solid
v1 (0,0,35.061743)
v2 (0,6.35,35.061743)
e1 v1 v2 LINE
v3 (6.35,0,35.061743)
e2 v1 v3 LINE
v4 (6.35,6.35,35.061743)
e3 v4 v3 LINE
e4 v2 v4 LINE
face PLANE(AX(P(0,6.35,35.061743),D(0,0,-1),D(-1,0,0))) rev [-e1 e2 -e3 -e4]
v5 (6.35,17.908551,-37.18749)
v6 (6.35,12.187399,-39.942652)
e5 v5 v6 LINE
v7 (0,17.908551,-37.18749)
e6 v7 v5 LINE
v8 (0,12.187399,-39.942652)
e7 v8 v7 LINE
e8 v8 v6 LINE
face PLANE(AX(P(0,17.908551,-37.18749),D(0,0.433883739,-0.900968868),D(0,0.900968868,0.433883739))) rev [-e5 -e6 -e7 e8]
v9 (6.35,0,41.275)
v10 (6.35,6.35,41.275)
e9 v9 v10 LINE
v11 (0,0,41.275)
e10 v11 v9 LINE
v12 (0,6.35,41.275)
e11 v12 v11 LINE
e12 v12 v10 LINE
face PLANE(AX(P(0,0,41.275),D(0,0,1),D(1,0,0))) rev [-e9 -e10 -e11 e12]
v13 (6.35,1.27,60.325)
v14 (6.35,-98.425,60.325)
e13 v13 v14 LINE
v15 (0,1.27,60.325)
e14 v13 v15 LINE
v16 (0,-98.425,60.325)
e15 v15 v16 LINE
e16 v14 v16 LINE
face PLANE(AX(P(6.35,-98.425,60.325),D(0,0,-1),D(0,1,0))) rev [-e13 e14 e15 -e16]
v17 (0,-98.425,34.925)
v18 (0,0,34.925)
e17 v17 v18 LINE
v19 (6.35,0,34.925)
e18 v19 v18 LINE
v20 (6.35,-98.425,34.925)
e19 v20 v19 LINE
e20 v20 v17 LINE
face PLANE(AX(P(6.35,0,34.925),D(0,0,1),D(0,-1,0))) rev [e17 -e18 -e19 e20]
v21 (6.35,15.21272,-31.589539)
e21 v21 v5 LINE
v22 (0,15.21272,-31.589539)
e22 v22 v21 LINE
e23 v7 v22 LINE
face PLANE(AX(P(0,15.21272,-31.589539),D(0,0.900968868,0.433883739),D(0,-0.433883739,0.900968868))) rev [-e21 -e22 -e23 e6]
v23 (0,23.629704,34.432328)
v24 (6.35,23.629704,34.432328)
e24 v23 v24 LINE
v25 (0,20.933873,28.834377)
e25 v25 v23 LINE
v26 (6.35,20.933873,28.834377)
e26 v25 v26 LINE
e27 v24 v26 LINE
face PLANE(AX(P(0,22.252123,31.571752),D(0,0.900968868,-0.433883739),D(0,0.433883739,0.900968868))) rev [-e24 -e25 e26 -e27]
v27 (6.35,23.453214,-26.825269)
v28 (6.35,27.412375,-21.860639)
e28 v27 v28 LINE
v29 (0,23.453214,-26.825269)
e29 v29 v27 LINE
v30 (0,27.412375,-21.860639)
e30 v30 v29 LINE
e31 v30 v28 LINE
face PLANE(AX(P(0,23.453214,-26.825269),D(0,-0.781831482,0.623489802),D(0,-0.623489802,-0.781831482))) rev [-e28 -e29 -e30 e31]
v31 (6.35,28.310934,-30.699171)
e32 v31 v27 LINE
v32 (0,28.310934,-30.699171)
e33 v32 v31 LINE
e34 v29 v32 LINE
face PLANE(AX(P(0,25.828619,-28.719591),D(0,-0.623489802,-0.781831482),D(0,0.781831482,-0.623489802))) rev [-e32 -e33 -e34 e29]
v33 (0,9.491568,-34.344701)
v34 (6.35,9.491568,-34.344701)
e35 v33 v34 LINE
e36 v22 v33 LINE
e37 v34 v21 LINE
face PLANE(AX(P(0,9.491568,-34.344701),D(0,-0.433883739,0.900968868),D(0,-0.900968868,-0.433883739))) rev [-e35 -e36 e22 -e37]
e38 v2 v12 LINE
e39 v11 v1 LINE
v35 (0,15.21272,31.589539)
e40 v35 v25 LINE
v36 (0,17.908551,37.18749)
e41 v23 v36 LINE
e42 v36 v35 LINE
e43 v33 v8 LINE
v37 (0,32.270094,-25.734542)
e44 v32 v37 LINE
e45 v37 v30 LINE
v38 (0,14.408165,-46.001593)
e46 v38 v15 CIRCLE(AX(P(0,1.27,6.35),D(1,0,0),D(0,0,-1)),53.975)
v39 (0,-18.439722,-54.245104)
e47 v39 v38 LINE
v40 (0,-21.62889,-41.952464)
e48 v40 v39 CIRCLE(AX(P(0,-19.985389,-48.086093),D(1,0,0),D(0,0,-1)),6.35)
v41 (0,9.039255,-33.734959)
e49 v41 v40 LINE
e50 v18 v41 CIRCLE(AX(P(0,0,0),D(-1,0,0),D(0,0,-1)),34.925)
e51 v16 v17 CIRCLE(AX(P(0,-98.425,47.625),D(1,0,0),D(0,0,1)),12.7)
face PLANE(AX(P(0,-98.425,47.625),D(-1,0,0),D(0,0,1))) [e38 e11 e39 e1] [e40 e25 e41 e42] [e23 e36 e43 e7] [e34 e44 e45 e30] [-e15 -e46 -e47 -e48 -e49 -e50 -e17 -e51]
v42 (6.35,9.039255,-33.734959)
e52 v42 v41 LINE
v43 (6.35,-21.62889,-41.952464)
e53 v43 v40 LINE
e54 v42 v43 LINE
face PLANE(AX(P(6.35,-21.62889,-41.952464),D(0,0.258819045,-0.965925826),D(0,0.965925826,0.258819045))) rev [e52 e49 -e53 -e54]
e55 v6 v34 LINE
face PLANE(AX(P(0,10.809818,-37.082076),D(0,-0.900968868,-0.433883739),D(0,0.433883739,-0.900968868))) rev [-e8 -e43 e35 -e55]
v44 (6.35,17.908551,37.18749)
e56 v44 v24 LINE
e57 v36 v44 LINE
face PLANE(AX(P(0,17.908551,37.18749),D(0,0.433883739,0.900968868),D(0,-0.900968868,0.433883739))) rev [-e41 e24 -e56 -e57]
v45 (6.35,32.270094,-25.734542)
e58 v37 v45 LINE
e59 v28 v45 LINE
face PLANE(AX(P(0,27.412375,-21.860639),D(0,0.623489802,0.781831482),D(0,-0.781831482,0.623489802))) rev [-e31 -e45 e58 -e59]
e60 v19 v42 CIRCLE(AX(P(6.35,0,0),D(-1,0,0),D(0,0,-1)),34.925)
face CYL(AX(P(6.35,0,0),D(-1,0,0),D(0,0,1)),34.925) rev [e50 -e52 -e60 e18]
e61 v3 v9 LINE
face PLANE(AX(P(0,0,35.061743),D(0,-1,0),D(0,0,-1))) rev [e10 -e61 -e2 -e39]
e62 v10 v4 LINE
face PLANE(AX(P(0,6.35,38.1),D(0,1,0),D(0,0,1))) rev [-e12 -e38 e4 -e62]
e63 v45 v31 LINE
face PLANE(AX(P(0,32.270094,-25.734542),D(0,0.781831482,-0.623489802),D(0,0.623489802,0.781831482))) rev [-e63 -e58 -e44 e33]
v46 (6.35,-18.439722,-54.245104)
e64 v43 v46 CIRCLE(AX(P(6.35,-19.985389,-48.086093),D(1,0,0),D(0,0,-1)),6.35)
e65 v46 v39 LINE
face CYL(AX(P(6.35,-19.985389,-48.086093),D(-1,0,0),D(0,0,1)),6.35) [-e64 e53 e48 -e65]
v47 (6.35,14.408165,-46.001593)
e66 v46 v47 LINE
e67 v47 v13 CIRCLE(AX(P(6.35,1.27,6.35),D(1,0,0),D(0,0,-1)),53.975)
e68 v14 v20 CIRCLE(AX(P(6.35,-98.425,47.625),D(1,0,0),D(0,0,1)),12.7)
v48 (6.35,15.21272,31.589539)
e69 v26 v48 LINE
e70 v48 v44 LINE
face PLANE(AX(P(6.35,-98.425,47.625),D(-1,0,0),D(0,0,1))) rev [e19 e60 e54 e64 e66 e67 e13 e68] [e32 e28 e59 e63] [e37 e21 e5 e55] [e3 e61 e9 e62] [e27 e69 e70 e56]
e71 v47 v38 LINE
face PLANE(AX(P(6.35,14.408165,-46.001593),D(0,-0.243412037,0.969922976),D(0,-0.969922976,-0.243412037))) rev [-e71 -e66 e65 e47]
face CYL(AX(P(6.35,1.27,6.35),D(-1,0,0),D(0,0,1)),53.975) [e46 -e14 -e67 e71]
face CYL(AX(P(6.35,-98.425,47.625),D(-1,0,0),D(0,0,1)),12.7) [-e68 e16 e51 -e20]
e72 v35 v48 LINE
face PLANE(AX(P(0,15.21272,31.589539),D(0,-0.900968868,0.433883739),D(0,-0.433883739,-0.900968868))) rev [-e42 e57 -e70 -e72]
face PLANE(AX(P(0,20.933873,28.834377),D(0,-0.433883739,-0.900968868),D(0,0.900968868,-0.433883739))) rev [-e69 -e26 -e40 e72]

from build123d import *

# Parameters (mm, degrees)
BOSS_EXTRUDE1_DEPTH = 6.35
CUT_EXTRUDE2_START  = -7.35
CUT_EXTRUDE2_DEPTH  = 8.35
CIRPATTERN2_COUNT   = 8
CIRPATTERN2_ANGLE   = 180


with BuildPart() as part:
    # Sketch1 → Boss-Extrude1 (new body)
    with BuildSketch(Plane(origin=(0, 0, 0), x_dir=(0, 0, -1), z_dir=(1, 0, 0))):
        with BuildLine():
            Line((-60.325, -98.425), (-60.325, 1.27))
            ThreePointArc((-60.325, 1.27), (-12.969041148, 54.83761073), (46.001592655, 14.408164693))
            Line((46.001592655, 14.408164693), (54.245104063, -18.439722464))
            ThreePointArc((54.245104063, -18.439722464), (49.680727349, -26.131903505), (41.952464165, -21.628889834))
            Line((41.952464165, -21.628889834), (33.734959483, 9.03925515))
            ThreePointArc((33.734959483, 9.03925515), (-4.558627263, 34.626211783), (-34.925, 0))
            Line((-34.925, 0), (-34.925, -98.425))
            ThreePointArc((-34.925, -98.425), (-47.625, -111.125), (-60.325, -98.425))
        make_face()
    extrude(amount=BOSS_EXTRUDE1_DEPTH)

    # Sketch5 → Cut-Extrude2 (cut)
    with BuildSketch(Plane(origin=(6.35, 0, 0), x_dir=(0, 0, -1), z_dir=(1, 0, 0)).offset(CUT_EXTRUDE2_START)):
        Polygon((-38.1, 6.35), (-41.275, 6.35), (-41.275, 0), (-35.06174314, 0), (-35.06174314, 6.35), align=None)
    cut_extrude2 = extrude(amount=CUT_EXTRUDE2_DEPTH, mode=Mode.SUBTRACT)

    # CirPattern2: Cut-Extrude2 ×8 about axis, 4 skipped
    cirpattern2_axis = Axis((0, 0, 0), (-1, 0, 0))
    add([cut_extrude2.rotate(cirpattern2_axis, i * CIRPATTERN2_ANGLE / (CIRPATTERN2_COUNT - 1)) for i in range(1, CIRPATTERN2_COUNT) if i not in (2, 3, 4, 7)], mode=Mode.SUBTRACT)


solid = part.part
